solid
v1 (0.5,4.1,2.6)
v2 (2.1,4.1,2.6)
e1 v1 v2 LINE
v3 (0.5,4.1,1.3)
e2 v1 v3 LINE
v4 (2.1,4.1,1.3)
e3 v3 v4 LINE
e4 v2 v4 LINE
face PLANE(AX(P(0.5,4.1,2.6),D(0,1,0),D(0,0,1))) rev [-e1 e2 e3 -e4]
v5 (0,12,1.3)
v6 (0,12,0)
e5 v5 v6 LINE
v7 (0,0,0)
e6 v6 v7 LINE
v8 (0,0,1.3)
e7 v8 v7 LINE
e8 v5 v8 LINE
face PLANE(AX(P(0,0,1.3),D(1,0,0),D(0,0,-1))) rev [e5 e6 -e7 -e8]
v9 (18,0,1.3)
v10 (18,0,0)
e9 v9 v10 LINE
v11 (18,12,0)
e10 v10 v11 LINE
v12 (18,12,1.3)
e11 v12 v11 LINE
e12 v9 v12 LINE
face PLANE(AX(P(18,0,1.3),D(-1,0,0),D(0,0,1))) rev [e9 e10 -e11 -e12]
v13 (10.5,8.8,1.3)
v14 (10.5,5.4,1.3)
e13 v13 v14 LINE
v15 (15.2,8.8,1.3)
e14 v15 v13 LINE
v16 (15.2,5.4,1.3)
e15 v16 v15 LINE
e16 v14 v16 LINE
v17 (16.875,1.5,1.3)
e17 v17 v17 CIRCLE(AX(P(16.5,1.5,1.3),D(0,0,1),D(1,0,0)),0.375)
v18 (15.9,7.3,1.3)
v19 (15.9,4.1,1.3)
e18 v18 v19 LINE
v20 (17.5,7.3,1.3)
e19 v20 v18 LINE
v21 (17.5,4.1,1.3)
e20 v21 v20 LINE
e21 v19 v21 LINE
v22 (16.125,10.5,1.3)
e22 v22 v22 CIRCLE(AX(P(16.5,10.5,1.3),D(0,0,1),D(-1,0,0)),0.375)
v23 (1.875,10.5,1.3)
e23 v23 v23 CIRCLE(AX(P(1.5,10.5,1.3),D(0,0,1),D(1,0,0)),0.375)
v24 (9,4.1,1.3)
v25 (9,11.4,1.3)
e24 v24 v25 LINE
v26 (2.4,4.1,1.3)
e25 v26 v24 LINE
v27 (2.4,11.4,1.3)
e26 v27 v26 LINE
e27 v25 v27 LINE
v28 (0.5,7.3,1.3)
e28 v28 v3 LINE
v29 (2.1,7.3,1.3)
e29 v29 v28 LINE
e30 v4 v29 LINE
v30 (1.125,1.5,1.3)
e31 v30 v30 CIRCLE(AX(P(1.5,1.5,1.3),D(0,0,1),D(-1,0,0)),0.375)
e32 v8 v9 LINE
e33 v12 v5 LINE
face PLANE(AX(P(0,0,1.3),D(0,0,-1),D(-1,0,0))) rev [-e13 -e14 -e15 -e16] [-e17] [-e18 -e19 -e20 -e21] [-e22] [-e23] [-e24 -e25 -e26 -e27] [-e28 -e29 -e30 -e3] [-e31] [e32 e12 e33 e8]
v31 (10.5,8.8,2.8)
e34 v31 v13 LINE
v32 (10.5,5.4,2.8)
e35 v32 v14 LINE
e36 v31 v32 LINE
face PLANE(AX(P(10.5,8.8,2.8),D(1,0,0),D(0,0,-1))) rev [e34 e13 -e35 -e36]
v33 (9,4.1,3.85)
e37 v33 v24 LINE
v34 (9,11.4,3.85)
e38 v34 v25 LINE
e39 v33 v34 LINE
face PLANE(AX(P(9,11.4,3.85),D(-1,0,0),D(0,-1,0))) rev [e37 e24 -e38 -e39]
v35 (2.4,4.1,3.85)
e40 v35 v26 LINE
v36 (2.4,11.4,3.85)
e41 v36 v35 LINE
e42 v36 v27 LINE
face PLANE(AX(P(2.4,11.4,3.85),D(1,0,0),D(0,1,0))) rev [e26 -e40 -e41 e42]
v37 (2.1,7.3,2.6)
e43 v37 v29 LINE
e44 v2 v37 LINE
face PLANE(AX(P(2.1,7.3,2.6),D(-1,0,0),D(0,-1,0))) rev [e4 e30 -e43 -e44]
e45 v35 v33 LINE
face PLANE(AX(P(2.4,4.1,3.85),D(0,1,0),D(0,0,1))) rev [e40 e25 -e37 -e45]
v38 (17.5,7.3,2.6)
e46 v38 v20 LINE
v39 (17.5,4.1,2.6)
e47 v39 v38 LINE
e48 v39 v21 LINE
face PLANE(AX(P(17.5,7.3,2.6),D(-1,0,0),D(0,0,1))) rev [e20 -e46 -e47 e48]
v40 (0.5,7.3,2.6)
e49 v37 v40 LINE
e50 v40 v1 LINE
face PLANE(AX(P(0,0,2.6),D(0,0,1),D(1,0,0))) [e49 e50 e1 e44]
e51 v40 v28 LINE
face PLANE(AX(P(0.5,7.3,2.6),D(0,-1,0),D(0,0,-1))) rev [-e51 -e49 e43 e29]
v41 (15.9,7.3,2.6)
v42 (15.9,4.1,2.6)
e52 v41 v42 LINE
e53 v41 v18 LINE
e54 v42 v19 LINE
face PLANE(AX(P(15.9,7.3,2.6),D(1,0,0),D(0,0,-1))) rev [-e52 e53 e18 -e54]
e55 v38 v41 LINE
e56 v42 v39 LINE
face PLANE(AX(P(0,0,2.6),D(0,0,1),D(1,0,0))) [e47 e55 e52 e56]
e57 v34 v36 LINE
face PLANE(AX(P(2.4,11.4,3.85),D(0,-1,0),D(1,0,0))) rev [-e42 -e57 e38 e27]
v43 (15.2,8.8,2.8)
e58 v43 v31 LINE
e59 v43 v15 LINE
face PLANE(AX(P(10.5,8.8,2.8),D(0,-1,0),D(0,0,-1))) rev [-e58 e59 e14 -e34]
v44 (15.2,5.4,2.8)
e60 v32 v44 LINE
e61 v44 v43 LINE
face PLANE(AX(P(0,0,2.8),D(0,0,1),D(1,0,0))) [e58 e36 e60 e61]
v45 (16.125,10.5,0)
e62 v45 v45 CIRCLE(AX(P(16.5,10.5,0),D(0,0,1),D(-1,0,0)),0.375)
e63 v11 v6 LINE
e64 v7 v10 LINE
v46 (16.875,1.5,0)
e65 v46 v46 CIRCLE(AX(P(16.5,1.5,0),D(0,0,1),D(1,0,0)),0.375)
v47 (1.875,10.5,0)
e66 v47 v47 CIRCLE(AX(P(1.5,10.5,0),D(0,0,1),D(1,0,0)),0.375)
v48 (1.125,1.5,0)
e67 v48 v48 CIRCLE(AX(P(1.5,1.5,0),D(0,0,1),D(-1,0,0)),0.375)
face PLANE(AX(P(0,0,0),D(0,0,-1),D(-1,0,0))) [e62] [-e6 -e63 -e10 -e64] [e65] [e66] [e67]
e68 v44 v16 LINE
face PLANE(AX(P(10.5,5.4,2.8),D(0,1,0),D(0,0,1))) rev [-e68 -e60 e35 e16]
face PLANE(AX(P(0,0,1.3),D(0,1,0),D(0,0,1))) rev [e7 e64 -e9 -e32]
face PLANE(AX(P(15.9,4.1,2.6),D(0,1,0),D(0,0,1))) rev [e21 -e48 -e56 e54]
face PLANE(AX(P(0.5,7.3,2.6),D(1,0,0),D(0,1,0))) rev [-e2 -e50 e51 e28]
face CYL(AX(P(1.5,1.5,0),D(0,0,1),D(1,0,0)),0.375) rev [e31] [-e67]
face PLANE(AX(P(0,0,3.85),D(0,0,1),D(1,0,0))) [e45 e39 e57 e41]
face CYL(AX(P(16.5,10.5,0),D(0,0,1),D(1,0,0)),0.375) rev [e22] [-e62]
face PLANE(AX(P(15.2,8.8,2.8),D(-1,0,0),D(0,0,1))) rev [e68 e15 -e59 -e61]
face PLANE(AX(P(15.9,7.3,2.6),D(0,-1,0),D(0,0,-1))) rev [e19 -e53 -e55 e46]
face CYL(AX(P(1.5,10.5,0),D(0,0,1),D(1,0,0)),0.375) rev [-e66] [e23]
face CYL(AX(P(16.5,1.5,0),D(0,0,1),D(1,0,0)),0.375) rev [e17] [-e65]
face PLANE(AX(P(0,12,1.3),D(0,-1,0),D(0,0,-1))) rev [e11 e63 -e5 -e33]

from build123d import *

# Parameters (mm, degrees)
SKIZZE1_W                       = 18
SKIZZE1_H                       = 12
PLATINE_DEPTH                   = 1.3
SKIZZE2_W                       = 6.6
SKIZZE2_H                       = 7.3
AUFSATZ_LINEAR_AUSTRAGEN2_DEPTH = 2.55
SKIZZE3_W                       = 4.7
SKIZZE3_H                       = 3.4
AUFSATZ_LINEAR_AUSTRAGEN3_DEPTH = 1.5
SKIZZE4_R                       = 0.375
SCHNITT_LINEAR_AUSTRAGEN1_DEPTH = 22.783078295
SKIZZE5_W                       = 1.6
SKIZZE5_H                       = 3.2
AUFSATZ_LINEAR_AUSTRAGEN4_DEPTH = 1.3


with BuildPart() as part:
    # Skizze1 → Platine (new body)
    with BuildSketch(Plane.XY):
        with Locations((9, 6)):
            Rectangle(SKIZZE1_W, SKIZZE1_H)
    extrude(amount=PLATINE_DEPTH)

    # Skizze2 → Aufsatz-Linear austragen2 (add)
    with BuildSketch(Plane.XY.offset(1.3)):
        with Locations((5.7, 7.75)):
            Rectangle(SKIZZE2_W, SKIZZE2_H)
    extrude(amount=AUFSATZ_LINEAR_AUSTRAGEN2_DEPTH)

    # Skizze3 → Aufsatz-Linear austragen3 (add)
    with BuildSketch(Plane.XY.offset(1.3)):
        with Locations((12.85, 7.1)):
            Rectangle(SKIZZE3_W, SKIZZE3_H)
    extrude(amount=AUFSATZ_LINEAR_AUSTRAGEN3_DEPTH)

    # Skizze4 → Schnitt-Linear austragen1 (cut, through all)
    with BuildSketch(Plane.XY.offset(1.3)):
        with Locations((1.5, 10.5)):
            Circle(SKIZZE4_R)
        with Locations(Location((16.5, 10.5, 0), (0, 0, 180))):
            Circle(SKIZZE4_R)
        with Locations((16.5, 1.5)):
            Circle(SKIZZE4_R)
        with Locations(Location((1.5, 1.5, 0), (0, 0, 180))):
            Circle(SKIZZE4_R)
    extrude(amount=-SCHNITT_LINEAR_AUSTRAGEN1_DEPTH, mode=Mode.SUBTRACT)

    # Skizze5 → Aufsatz-Linear austragen4 (add)
    with BuildSketch(Plane.XY.offset(1.3)):
        with Locations((1.3, 5.7)):
            Rectangle(SKIZZE5_W, SKIZZE5_H)
        with Locations((16.7, 5.7)):
            Rectangle(SKIZZE5_W, SKIZZE5_H)
    extrude(amount=AUFSATZ_LINEAR_AUSTRAGEN4_DEPTH)


solid = part.part
